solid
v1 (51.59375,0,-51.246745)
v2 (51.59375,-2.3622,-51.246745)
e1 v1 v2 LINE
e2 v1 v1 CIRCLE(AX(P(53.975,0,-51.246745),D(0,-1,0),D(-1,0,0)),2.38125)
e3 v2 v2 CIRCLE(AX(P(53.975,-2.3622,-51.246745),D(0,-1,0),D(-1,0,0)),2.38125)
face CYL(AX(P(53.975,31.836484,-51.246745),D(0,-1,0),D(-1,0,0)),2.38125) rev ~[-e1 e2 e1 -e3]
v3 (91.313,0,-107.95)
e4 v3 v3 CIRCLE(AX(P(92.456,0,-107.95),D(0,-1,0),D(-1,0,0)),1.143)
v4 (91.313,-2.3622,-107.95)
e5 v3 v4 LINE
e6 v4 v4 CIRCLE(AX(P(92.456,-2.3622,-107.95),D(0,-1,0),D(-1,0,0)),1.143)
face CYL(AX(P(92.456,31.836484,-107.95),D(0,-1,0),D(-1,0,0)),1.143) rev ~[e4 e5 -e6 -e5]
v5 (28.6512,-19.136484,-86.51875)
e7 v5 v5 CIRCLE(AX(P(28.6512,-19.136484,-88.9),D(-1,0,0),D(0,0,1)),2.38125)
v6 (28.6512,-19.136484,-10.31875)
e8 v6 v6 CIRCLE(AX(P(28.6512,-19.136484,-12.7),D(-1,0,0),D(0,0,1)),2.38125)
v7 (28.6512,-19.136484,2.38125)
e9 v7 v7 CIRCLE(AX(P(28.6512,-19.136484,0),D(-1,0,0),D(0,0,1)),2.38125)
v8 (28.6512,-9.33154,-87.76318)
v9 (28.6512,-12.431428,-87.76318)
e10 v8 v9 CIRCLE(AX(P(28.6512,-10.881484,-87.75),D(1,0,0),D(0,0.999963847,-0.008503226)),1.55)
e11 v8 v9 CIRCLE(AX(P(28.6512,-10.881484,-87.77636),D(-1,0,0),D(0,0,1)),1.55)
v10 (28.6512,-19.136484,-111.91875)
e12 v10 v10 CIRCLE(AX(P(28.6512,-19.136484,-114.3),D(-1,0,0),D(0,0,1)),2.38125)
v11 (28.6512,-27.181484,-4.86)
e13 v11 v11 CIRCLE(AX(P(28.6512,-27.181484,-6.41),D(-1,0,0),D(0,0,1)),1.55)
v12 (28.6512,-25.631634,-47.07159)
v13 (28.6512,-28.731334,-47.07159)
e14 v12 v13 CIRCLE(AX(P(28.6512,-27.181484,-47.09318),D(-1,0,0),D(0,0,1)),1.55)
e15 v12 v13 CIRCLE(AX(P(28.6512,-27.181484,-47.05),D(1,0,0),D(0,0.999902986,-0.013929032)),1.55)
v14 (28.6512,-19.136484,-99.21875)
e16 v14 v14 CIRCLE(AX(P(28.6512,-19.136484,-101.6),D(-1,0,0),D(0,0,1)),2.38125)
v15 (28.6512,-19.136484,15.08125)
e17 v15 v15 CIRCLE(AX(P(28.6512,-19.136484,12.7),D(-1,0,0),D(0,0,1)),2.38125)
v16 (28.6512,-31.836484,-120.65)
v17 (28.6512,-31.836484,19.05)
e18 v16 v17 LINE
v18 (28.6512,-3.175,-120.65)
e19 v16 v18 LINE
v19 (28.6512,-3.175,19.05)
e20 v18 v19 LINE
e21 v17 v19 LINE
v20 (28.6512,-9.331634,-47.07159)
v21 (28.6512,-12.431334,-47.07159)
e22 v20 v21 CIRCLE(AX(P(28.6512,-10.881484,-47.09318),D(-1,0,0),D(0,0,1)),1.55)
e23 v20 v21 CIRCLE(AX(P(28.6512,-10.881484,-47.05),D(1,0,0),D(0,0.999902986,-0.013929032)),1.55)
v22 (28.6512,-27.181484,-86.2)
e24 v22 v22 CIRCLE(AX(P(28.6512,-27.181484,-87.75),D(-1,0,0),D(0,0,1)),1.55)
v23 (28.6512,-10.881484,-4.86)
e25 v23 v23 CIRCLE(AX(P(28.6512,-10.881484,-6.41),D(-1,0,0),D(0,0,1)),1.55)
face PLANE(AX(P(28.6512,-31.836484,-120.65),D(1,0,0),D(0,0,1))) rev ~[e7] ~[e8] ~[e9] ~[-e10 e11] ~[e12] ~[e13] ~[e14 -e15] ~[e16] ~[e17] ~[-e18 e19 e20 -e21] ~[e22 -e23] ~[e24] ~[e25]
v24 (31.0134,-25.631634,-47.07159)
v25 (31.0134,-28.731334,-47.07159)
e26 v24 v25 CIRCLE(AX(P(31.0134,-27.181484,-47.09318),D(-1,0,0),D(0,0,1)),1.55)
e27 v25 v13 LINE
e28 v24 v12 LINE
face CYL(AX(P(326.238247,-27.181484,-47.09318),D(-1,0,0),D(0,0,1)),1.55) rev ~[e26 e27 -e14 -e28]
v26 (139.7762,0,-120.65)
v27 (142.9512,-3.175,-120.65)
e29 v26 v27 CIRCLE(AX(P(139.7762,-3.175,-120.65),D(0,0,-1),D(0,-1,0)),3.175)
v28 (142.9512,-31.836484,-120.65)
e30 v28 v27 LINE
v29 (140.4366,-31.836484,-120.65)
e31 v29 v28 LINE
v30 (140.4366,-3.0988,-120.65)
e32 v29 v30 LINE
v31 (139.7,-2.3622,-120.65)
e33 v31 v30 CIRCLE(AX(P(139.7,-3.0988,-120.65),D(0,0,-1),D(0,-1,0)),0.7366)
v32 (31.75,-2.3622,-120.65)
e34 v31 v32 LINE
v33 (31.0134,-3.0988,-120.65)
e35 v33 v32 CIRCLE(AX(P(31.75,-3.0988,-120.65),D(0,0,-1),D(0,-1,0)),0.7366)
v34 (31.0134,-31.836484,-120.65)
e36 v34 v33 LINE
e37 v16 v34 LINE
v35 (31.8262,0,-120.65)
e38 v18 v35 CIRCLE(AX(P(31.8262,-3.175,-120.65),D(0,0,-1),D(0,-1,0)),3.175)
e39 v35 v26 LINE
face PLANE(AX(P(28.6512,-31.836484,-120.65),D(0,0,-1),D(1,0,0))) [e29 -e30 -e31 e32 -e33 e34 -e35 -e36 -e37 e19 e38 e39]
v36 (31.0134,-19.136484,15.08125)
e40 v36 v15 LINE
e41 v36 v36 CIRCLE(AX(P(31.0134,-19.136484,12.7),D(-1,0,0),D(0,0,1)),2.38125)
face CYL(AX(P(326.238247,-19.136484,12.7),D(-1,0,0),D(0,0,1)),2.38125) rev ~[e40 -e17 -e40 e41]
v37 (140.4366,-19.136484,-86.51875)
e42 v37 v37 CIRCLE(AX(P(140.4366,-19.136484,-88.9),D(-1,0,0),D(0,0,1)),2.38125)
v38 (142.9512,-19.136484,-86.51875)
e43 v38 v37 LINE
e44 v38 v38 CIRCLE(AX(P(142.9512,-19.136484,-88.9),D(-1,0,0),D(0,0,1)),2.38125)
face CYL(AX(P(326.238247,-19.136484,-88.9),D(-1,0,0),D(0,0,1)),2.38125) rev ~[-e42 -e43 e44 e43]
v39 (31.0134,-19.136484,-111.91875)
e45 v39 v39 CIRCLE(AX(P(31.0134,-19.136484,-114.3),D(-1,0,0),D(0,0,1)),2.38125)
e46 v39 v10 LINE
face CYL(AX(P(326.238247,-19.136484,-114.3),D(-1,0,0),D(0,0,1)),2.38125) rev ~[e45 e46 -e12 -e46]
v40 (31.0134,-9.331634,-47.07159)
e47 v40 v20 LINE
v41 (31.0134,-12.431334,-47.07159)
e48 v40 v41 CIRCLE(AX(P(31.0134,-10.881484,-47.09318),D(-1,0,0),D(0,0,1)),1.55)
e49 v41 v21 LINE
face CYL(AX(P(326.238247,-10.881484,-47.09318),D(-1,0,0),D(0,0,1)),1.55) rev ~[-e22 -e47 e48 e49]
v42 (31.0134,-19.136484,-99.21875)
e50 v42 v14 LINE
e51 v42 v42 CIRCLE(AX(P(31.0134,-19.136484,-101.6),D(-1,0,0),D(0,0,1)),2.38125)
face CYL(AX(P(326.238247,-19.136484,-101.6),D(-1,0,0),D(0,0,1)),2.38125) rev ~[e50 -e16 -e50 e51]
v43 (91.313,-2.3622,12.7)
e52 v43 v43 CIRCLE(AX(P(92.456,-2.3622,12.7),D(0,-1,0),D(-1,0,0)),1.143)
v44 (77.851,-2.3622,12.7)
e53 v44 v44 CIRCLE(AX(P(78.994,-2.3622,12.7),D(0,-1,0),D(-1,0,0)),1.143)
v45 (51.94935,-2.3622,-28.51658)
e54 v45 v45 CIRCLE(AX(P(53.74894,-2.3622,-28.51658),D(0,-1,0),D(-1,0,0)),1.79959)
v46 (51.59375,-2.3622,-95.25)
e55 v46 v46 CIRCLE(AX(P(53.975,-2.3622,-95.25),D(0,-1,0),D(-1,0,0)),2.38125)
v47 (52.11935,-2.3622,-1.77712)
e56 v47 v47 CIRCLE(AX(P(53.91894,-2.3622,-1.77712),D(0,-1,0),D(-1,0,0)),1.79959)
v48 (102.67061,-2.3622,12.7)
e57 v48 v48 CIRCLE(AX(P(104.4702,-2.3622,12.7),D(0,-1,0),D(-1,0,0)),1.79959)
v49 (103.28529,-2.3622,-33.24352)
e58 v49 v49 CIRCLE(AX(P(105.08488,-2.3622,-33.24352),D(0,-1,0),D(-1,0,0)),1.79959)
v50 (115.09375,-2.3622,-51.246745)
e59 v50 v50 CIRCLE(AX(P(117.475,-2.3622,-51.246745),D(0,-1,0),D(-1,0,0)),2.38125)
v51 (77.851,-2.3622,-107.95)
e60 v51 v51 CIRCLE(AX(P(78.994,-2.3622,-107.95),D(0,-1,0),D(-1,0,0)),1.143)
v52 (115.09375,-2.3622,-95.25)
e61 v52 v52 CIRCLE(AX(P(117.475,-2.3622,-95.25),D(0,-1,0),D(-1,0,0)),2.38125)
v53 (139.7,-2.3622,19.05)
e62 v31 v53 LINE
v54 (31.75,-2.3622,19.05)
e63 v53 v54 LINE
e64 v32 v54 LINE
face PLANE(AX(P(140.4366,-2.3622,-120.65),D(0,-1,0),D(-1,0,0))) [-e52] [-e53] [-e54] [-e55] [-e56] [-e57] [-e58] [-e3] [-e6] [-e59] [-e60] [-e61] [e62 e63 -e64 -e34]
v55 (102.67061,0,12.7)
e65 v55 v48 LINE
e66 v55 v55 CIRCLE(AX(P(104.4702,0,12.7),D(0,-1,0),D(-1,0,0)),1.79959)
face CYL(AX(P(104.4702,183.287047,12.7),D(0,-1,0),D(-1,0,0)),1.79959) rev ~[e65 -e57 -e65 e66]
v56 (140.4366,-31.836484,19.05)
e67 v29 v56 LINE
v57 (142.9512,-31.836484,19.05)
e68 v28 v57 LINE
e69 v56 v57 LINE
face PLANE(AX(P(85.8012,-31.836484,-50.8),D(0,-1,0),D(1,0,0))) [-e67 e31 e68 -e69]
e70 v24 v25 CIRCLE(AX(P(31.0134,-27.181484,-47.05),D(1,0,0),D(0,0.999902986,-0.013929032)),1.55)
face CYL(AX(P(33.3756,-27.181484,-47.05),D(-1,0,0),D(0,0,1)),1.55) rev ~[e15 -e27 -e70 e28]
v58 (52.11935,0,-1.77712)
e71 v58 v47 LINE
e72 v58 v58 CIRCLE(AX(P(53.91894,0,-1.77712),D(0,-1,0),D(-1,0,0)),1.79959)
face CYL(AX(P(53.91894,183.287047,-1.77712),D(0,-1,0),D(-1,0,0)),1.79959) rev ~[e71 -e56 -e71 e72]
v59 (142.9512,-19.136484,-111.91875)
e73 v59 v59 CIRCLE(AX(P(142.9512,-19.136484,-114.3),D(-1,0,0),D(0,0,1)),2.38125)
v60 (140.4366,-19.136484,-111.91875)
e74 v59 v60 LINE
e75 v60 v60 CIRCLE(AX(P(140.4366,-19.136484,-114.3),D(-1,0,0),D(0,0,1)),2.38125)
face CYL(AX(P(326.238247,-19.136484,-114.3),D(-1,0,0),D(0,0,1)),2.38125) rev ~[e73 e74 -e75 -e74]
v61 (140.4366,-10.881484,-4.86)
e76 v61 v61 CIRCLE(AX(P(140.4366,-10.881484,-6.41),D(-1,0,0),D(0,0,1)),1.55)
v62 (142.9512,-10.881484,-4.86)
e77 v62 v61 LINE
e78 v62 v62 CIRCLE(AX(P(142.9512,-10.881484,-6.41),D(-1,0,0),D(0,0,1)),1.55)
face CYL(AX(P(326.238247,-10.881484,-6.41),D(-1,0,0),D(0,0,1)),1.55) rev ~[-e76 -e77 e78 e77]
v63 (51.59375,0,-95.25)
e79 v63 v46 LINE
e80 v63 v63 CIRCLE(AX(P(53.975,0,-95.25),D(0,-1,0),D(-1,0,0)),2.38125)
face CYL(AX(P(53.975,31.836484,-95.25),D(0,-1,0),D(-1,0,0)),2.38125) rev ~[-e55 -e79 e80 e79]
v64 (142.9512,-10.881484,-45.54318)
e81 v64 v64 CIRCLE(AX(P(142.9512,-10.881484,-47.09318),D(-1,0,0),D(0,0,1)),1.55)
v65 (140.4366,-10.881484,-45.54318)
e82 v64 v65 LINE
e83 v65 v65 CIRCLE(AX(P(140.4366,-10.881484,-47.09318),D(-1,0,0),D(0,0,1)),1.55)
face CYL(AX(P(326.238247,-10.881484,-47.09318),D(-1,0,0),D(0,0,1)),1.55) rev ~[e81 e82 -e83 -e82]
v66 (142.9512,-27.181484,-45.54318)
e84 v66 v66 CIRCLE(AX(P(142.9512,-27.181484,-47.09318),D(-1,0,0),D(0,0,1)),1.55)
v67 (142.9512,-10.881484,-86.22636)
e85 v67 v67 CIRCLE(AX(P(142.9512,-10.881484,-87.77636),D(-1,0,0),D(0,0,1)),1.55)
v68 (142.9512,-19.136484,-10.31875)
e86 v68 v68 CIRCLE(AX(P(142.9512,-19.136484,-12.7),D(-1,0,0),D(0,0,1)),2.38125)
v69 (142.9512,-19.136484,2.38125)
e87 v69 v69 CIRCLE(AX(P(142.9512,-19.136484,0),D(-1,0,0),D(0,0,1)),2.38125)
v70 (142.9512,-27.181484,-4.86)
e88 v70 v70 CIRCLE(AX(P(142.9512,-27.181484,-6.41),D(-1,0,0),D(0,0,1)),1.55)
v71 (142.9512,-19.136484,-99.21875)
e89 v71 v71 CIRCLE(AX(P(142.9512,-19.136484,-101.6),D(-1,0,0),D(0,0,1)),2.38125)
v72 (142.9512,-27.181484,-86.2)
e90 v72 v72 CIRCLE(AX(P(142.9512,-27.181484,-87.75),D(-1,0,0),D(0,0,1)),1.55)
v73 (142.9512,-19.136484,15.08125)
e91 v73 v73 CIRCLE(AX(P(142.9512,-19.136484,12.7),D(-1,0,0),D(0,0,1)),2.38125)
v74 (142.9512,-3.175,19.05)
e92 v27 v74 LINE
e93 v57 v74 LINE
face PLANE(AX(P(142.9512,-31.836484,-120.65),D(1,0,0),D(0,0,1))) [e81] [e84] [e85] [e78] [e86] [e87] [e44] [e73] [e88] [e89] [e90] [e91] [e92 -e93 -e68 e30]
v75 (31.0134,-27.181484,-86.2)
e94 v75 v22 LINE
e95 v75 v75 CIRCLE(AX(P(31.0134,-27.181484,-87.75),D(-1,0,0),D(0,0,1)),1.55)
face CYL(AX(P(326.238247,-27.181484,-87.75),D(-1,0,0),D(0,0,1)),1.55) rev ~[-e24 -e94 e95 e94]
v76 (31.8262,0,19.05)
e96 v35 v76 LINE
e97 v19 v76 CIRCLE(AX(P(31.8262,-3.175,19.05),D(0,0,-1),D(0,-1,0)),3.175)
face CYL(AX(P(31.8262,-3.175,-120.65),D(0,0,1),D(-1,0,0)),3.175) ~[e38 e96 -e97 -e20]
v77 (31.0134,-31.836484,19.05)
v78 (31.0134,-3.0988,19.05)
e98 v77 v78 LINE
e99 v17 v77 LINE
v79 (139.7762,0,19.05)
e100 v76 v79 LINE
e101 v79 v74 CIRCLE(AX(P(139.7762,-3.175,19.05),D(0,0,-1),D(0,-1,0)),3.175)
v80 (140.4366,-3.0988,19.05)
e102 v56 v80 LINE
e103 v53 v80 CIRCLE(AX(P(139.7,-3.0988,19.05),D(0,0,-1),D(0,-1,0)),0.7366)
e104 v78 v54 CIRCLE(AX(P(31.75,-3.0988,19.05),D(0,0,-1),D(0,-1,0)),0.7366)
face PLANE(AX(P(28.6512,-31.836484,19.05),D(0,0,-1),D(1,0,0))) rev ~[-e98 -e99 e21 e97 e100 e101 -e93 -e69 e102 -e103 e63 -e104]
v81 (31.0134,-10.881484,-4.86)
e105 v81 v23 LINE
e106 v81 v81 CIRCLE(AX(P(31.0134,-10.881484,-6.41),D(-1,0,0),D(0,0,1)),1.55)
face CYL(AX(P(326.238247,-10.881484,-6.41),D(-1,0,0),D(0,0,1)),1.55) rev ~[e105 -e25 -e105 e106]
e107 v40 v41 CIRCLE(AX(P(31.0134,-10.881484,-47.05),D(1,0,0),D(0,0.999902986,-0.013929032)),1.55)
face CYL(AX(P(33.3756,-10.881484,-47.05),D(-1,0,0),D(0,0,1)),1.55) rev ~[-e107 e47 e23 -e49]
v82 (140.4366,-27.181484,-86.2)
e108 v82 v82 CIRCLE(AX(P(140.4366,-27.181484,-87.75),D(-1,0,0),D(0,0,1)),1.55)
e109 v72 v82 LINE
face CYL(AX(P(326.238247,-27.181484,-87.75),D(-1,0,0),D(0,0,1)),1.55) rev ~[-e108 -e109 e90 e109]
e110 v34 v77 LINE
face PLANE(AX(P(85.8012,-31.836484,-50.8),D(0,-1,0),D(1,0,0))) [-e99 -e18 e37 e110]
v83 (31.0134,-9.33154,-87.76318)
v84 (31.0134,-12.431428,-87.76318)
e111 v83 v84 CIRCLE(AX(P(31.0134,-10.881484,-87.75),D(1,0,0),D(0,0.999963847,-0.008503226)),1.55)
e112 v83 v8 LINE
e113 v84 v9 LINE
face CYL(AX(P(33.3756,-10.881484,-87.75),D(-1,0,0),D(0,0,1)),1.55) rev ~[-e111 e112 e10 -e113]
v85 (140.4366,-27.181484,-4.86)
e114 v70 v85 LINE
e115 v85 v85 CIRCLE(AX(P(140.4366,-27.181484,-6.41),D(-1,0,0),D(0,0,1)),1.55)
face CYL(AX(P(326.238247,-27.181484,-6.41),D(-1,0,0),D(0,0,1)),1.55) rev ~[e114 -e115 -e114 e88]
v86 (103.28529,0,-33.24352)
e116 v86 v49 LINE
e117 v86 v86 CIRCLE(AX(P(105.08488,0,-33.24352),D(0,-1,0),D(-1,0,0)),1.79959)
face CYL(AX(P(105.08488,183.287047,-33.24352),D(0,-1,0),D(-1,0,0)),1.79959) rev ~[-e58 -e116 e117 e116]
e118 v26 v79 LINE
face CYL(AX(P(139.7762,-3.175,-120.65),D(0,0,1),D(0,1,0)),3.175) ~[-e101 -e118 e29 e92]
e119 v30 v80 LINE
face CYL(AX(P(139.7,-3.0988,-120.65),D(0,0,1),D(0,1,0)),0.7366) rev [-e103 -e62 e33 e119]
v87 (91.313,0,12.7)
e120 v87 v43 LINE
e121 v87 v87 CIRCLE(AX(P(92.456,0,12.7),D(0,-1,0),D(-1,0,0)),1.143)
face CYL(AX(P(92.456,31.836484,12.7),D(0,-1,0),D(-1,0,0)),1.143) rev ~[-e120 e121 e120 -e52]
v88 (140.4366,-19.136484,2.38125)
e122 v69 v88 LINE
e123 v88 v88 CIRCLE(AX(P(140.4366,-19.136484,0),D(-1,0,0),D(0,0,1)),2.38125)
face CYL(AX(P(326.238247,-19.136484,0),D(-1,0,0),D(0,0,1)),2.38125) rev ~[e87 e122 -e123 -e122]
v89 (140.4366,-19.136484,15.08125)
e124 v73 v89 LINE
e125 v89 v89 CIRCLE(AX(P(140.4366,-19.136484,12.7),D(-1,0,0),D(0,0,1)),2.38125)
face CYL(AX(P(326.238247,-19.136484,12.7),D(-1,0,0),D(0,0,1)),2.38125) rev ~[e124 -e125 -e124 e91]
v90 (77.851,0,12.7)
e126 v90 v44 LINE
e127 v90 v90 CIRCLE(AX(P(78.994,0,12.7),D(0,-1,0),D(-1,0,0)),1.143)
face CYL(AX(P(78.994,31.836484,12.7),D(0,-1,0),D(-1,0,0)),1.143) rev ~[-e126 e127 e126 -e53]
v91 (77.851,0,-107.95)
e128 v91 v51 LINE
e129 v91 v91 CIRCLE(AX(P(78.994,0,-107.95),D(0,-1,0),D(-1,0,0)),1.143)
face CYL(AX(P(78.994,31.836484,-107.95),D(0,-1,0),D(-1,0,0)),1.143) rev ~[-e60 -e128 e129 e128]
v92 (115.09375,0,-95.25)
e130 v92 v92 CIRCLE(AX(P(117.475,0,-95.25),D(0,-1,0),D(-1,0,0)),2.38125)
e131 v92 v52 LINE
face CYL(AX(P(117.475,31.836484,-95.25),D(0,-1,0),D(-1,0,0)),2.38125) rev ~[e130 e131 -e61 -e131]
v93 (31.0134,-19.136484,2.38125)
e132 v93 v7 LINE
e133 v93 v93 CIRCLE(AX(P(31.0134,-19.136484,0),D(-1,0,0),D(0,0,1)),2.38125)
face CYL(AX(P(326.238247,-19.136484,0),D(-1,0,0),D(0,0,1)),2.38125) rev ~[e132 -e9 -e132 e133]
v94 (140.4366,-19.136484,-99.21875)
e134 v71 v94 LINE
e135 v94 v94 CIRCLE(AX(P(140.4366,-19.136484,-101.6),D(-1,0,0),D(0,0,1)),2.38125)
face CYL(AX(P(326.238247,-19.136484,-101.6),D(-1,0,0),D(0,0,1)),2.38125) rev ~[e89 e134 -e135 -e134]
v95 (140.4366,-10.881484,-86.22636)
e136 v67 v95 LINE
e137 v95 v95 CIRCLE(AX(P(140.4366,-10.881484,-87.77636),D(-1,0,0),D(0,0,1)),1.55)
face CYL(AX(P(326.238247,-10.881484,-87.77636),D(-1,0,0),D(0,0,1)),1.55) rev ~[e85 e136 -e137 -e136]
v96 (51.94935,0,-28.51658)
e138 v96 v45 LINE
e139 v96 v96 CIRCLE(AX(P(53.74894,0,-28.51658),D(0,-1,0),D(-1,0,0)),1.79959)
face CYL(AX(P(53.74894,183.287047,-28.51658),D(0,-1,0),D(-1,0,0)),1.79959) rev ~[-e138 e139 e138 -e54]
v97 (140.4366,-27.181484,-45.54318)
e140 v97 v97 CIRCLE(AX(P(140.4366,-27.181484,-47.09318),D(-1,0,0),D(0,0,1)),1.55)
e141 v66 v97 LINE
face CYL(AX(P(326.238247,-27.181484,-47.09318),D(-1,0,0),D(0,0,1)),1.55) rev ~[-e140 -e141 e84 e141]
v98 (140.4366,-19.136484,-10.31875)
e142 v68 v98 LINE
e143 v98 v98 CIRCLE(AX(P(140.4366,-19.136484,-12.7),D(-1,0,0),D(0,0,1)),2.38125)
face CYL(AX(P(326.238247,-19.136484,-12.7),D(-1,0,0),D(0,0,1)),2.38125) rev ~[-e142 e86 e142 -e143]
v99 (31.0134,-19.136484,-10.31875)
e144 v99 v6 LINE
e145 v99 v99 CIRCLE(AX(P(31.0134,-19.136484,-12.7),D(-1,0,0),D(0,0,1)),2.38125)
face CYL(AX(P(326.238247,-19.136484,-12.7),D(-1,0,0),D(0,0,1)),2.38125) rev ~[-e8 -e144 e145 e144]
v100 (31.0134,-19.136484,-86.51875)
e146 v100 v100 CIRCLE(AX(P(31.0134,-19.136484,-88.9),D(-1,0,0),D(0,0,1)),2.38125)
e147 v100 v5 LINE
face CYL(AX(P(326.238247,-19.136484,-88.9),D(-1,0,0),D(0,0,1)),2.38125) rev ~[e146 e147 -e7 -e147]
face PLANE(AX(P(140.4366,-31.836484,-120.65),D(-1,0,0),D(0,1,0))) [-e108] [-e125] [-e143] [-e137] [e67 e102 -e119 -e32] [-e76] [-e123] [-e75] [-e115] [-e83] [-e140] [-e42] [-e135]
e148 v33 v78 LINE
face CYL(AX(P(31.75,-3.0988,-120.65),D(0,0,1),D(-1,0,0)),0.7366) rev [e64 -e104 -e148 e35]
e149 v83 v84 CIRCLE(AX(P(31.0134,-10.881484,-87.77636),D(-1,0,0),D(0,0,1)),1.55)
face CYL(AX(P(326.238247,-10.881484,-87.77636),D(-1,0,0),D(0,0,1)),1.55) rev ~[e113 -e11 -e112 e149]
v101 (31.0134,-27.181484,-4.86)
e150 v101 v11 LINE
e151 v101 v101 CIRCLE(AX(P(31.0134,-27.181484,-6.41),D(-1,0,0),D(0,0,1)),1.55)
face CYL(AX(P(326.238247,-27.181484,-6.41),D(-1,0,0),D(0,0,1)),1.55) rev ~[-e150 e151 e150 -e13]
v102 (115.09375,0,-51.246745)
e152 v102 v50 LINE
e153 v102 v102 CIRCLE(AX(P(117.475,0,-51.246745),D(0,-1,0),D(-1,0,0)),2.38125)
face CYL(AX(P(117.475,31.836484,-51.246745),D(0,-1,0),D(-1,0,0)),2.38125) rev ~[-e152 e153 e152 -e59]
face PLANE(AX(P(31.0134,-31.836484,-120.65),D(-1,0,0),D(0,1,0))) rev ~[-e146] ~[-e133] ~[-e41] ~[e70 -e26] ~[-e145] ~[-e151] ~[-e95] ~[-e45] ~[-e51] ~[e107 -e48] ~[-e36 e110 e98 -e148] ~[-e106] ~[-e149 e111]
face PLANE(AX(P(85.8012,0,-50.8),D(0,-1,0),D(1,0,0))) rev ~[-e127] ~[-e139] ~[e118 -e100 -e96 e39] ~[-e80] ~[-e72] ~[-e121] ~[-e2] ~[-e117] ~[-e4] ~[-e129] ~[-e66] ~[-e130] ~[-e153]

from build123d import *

# Parameters (mm, degrees)
SKETCH1_W                      = 114.3
SKETCH1_H                      = 139.7
BOSS_EXTRUDE1_DEPTH            = 31.836483884
SKETCH2_W                      = 109.4232
SKETCH2_H                      = 29.474283884
CUT_EXTRUDE1_DEPTH             = 203.397374705
M4_CLEARANCE_HOLE1_D           = 4.7625
M4_CLEARANCE_HOLE1_DEPTH       = 31.836483884
M3_CLEARANCE_HOLE1_D           = 3.59918
M2_CLEARANCE_HOLE1_D           = 2.286
M2_CLEARANCE_HOLE1_DEPTH       = 31.836483884
M4_CLEARANCE_HOLE2_D           = 4.7625
F_3_1_3_1_DIAMETER_HOLE1_D     = 3.1
M4_CLEARANCE_HOLE3_D           = 4.7625
M4_CLEARANCE_HOLE3_DEPTH       = 2.3622
F_3_1_3_1_DIAMETER_HOLE2_D     = 3.1
F_3_1_3_1_DIAMETER_HOLE2_DEPTH = 2.3622
FILLET1_R                      = 0.7366
FILLET2_R                      = 3.175


with BuildPart() as part:
    # Sketch1 → Boss-Extrude1 (new body)
    with BuildSketch(Plane.XZ.offset(31.836483884)):
        with Locations((85.8012, -50.8)):
            Rectangle(SKETCH1_W, SKETCH1_H)
    extrude(amount=-BOSS_EXTRUDE1_DEPTH)

    # Sketch2 → Cut-Extrude1 (cut, through all)
    with BuildSketch(Plane(origin=(0, 0, -120.65), x_dir=(-1, 0, 0), z_dir=(0, 0, -1))):
        with Locations((-85.725, -17.099341942)):
            Rectangle(SKETCH2_W, SKETCH2_H)
    extrude(amount=-CUT_EXTRUDE1_DEPTH, mode=Mode.SUBTRACT)

    # M4 Clearance Hole1
    with Locations(Plane(origin=(0, 0, 0), x_dir=(1, 0, 0), z_dir=(0, 1, 0))):
        with Locations((117.475, 95.25), (53.975, 51.246745007), (117.475, 51.246745007), (53.975, 95.25)):
            Hole(M4_CLEARANCE_HOLE1_D / 2, depth=M4_CLEARANCE_HOLE1_DEPTH)

    # M3 Clearance Hole1 (through all)
    with Locations(Plane(origin=(0, 0, 0), x_dir=(1, 0, 0), z_dir=(0, 1, 0))):
        with Locations((104.4702, -12.7), (53.74894, 28.51658), (105.08488, 33.24352), (53.91894, 1.777120394)):
            Hole(M3_CLEARANCE_HOLE1_D / 2)

    # M2 Clearance Hole1
    with Locations(Plane(origin=(0, 0, 0), x_dir=(1, 0, 0), z_dir=(0, 1, 0))):
        with Locations((92.456, 107.95), (78.994, 107.95), (78.994, -12.7), (92.456, -12.7)):
            Hole(M2_CLEARANCE_HOLE1_D / 2, depth=M2_CLEARANCE_HOLE1_DEPTH)

    # M4 Clearance Hole2 (through all)
    with Locations(Plane(origin=(142.9512, 0, 0), x_dir=(0, 0, -1), z_dir=(1, 0, 0))):
        with Locations((12.7, -19.136483884), (-12.7, -19.136483884), (0, -19.136483884), (88.9, -19.136483884), (101.6, -19.136483884), (114.3, -19.136483884)):
            Hole(M4_CLEARANCE_HOLE2_D / 2)

    # Ø3.1 (3.1) Diameter Hole1 (through all)
    with Locations(Plane(origin=(142.9512, 0, 0), x_dir=(0, 0, -1), z_dir=(1, 0, 0))):
        with Locations((47.09318, -27.181483884), (87.75, -27.181483884), (47.09318, -10.881483884), (87.77636, -10.881483884), (6.41, -10.881483884), (6.41, -27.181483884)):
            Hole(F_3_1_3_1_DIAMETER_HOLE1_D / 2)

    # M4 Clearance Hole3
    with Locations(Plane(origin=(31.0134, 0, 0), x_dir=(0, 0, -1), z_dir=(1, 0, 0))):
        with Locations((12.7, -19.136483884), (-12.7, -19.136483884), (0, -19.136483884)):
            Hole(M4_CLEARANCE_HOLE3_D / 2, depth=M4_CLEARANCE_HOLE3_DEPTH)

    # Ø3.1 (3.1) Diameter Hole2
    with Locations(Plane(origin=(31.0134, 0, 0), x_dir=(0, 0, -1), z_dir=(1, 0, 0))):
        with Locations((47.05, -27.181483884), (87.75, -27.181483884), (47.05, -10.881483884), (87.75, -10.881483884)):
            Hole(F_3_1_3_1_DIAMETER_HOLE2_D / 2, depth=F_3_1_3_1_DIAMETER_HOLE2_DEPTH)

    # Fillet1
    fillet1_edges = [part.edges().sort_by_distance(p)[0] for p in [
        (140.4366, -2.3622, -50.8),
        (31.0134, -2.3622, -50.8),
    ]]
    fillet(fillet1_edges, radius=FILLET1_R)

    # Fillet2
    fillet2_edges = [part.edges().sort_by_distance(p)[0] for p in [
        (28.6512, 0, -50.8),
        (142.9512, 0, -50.8),
    ]]
    fillet(fillet2_edges, radius=FILLET2_R)


solid = part.part
